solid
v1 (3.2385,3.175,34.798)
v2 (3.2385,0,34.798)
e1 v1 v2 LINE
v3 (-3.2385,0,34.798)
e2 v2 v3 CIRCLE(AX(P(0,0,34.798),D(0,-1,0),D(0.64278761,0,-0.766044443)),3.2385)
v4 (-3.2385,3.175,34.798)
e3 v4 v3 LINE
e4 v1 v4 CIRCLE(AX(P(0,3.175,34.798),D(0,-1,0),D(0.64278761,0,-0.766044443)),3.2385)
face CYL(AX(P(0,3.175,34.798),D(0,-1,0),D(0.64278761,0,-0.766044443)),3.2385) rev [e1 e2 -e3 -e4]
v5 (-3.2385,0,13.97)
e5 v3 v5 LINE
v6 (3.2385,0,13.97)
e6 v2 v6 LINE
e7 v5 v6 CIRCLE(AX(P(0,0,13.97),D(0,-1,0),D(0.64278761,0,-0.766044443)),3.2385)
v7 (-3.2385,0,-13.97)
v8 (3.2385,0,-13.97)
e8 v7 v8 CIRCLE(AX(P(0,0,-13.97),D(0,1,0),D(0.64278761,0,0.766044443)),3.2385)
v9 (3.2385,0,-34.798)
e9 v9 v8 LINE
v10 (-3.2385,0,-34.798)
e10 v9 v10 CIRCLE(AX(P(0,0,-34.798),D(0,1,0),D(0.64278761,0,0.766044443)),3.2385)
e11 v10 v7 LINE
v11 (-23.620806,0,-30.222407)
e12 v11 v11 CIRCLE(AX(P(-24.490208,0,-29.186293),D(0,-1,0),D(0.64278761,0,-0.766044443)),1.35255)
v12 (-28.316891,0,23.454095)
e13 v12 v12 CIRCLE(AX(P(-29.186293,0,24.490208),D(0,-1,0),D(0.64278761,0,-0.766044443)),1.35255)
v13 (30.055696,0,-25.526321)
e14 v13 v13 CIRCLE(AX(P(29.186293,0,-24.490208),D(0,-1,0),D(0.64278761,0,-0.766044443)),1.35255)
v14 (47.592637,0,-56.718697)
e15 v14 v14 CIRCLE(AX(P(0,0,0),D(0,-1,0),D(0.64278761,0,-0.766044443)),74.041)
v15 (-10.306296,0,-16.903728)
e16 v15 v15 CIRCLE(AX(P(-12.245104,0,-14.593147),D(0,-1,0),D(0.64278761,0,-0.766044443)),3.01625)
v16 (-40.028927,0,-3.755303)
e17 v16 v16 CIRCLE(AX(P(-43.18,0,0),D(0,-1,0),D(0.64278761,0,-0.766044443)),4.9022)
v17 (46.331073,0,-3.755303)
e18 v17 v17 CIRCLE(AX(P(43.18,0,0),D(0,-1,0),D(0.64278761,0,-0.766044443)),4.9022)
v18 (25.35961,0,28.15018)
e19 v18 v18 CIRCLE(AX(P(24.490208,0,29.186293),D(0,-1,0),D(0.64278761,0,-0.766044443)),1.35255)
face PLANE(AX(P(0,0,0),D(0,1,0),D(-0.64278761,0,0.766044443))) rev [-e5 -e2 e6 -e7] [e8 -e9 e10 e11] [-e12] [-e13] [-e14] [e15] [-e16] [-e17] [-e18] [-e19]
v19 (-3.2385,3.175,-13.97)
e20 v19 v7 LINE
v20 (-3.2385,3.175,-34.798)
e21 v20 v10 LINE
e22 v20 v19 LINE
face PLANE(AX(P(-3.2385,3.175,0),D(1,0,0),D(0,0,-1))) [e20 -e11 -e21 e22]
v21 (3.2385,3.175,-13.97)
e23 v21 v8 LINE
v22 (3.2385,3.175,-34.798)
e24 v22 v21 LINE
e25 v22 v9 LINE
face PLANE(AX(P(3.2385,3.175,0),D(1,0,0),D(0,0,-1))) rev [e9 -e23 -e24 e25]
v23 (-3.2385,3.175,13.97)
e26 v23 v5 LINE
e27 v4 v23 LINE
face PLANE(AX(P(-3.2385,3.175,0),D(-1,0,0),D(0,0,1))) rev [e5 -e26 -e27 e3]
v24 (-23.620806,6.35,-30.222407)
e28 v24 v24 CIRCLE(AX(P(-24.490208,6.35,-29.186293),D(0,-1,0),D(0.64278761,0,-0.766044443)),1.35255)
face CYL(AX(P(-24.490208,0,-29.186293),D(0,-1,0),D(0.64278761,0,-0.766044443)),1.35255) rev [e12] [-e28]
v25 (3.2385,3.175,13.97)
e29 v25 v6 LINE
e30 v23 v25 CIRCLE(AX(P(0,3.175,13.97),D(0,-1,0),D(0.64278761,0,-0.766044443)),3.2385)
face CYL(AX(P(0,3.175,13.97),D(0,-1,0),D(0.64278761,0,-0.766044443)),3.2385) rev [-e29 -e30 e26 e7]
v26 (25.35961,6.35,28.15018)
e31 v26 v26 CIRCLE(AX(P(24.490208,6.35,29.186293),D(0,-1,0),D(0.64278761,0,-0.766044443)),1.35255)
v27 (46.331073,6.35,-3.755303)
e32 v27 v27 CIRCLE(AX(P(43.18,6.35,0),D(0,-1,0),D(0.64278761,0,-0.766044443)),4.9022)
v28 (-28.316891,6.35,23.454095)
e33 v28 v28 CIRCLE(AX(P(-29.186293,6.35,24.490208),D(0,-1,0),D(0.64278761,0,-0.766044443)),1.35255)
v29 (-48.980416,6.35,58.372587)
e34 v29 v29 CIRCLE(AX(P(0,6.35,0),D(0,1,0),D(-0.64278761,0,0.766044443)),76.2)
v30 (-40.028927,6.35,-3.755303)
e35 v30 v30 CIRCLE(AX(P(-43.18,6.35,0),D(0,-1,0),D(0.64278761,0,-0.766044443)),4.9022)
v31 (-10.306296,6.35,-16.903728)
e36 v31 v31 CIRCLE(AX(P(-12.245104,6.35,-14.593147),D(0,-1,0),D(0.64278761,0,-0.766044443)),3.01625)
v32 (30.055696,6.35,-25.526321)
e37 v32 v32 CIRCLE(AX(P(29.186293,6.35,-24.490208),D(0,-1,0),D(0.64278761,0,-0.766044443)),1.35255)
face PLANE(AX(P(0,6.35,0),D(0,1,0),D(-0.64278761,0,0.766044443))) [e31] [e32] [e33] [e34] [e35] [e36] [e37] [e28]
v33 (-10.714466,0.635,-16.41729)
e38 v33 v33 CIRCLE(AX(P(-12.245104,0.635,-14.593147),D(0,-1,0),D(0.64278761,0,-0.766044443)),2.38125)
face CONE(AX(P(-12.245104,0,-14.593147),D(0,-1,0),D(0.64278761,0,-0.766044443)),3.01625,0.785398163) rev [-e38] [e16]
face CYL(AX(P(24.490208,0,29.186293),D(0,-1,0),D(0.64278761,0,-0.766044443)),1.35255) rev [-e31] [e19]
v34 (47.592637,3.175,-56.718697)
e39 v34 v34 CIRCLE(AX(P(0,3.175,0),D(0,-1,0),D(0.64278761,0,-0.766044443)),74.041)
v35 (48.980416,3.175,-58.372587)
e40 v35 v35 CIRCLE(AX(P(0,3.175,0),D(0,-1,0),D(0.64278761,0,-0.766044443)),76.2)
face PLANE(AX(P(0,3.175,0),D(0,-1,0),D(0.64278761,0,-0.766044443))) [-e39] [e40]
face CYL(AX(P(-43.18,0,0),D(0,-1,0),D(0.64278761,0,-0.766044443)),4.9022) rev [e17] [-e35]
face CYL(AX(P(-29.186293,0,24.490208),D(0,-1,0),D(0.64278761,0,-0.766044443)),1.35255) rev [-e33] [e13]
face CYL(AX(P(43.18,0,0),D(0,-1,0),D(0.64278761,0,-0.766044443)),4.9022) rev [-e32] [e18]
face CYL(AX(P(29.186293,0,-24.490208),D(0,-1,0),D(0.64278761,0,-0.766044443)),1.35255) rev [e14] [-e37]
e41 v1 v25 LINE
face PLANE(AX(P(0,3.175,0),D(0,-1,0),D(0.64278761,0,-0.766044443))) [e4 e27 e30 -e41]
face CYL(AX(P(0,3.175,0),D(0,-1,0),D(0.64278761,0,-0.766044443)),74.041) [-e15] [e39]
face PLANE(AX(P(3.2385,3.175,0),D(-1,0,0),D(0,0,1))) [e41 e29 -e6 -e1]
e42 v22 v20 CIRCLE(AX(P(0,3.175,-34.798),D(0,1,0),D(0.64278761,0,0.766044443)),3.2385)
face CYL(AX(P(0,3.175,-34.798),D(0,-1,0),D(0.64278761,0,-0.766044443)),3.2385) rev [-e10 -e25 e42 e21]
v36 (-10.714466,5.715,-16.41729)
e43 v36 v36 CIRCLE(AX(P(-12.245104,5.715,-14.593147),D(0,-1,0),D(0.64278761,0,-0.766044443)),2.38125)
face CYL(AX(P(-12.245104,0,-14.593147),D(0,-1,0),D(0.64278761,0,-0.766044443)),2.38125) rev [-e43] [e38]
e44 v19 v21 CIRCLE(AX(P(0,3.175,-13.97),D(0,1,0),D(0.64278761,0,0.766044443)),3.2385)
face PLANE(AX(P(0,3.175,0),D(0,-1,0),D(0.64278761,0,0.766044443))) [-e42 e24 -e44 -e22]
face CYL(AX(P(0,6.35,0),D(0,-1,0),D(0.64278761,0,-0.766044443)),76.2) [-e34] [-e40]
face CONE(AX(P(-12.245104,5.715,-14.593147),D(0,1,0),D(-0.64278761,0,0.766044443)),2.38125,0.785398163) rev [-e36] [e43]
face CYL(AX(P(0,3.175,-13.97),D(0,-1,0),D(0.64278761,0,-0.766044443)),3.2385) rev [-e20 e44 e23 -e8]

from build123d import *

# Parameters (mm, degrees)
SKETCH1_R                 = 76.2
BOSS_EXTRUDE1_DEPTH       = 6.35
TAP_DRILL_FOR_6_32_TAP1_D = 2.7051
CIRPATTERN1_COUNT         = 4
W_0_386_DIAMETER_HOLE1_D  = 9.8044
CUT_EXTRUDE4_DEPTH        = 3.175
SKETCH15_R                = 76.2
SKETCH15_R_2              = 74.041
CUT_EXTRUDE5_DEPTH        = 3.175
BODY_MOVE_COPY1_ANGLE     = 40


with BuildPart() as part:
    # Sketch1 → Boss-Extrude1 (new body)
    with BuildSketch(Plane(origin=(0, 0, 0), x_dir=(1, 0, 0), z_dir=(0, 1, 0))):
        Circle(SKETCH1_R)
    extrude(amount=BOSS_EXTRUDE1_DEPTH)

    # Tap Drill for #6-32 Tap1 (through all)
    with Locations(Plane(origin=(0, 0, 0), x_dir=(-1, 0, 0), z_dir=(0, -1, 0))):
        with Locations((37.52117539, 6.615995569)):
            tap_drill_for_6_32_tap1 = Hole(TAP_DRILL_FOR_6_32_TAP1_D / 2)

    # CirPattern1: Tap Drill for #6-32 Tap1 ×4 about axis
    cirpattern1_axis = Axis((0, 0, 0), (0, 1, 0))
    for i in range(1, CIRPATTERN1_COUNT):
        add(tap_drill_for_6_32_tap1.rotate(cirpattern1_axis, i * 360 / CIRPATTERN1_COUNT), mode=Mode.SUBTRACT)

    # W (0.386) Diameter Hole1 (through all)
    with Locations(Plane(origin=(0, 0, 0), x_dir=(-1, 0, 0), z_dir=(0, -1, 0))):
        with Locations((-33.077799054, 27.755568986), (33.077799054, -27.755568986)):
            Hole(W_0_386_DIAMETER_HOLE1_D / 2)

    # Sketch11 → 3/16 (0.1875) Diameter Hole1 (revolve, cut)
    with BuildSketch(Plane(origin=(-18.760587695, 0, -3.307997785), x_dir=(0, 0, -1), z_dir=(1, 0, 0))):
        Polygon((0, 0), (0, 6.35), (3.01625, 6.35), (2.38125, 5.715), (2.38125, 0.635), (3.01625, 0), align=None)
    revolve(axis=Axis((-18.760587695, -6.35, -3.307997785), (0, 1, 0)), mode=Mode.SUBTRACT)

    # Sketch12 → Cut-Extrude4 (cut)
    with BuildSketch(Plane.XZ):
        with BuildLine():
            ThreePointArc((24.848558171, 24.575146858), (20.286055568, 24.175979603), (19.886888313, 28.738482206))
            Line((19.886888313, 28.738482206), (6.498907978, 12.783308544))
            ThreePointArc((6.498907978, 12.783308544), (10.087375141, 13.744835423), (12.218242907, 10.70164087))
            ThreePointArc((12.218242907, 10.70164087), (12.02293746, 9.594008636), (11.460577836, 8.619973196))
            Line((11.460577836, 8.619973196), (24.848558171, 24.575146858))
        make_face()
        with BuildLine():
            ThreePointArc((25.606223242, 26.656814532), (23.475355476, 29.700009084), (19.886888313, 28.738482206))
            Line((19.886888313, 28.738482206), (24.848558171, 24.575146858))
            ThreePointArc((24.848558171, 24.575146858), (25.410917794, 25.549182297), (25.606223242, 26.656814532))
        make_face()
        with BuildLine():
            Line((24.848558171, 24.575146858), (19.886888313, 28.738482206))
            ThreePointArc((19.886888313, 28.738482206), (20.286055568, 24.175979603), (24.848558171, 24.575146858))
        make_face()
        with BuildLine():
            ThreePointArc((12.218242907, 10.70164087), (10.087375141, 13.744835423), (6.498907978, 12.783308544))
            Line((6.498907978, 12.783308544), (11.460577836, 8.619973196))
            ThreePointArc((11.460577836, 8.619973196), (12.02293746, 9.594008636), (12.218242907, 10.70164087))
        make_face()
        with BuildLine():
            Line((11.460577836, 8.619973196), (6.498907978, 12.783308544))
            ThreePointArc((6.498907978, 12.783308544), (6.898075233, 8.220805941), (11.460577836, 8.619973196))
        make_face()
    cut_extrude4 = extrude(amount=-CUT_EXTRUDE4_DEPTH, mode=Mode.SUBTRACT)

    # Mirror1: Cut-Extrude4 across plane
    add(cut_extrude4.mirror(Plane(origin=(0, 0, 0), x_dir=(-0.766044443, 0, 0.64278761), z_dir=(0.64278761, 0, 0.766044443))), mode=Mode.SUBTRACT)

    # Sketch15 → Cut-Extrude5 (cut)
    with BuildSketch(Plane.XZ):
        Circle(SKETCH15_R)
        Circle(SKETCH15_R_2, mode=Mode.SUBTRACT)
    extrude(amount=-CUT_EXTRUDE5_DEPTH, mode=Mode.SUBTRACT)


with BuildPart() as part_1:
    # Body-Move/Copy1: moved
    add(part.part.rotate(Axis((0, 0, 0), (0, -1, 0)), BODY_MOVE_COPY1_ANGLE))


solid = part_1.part
